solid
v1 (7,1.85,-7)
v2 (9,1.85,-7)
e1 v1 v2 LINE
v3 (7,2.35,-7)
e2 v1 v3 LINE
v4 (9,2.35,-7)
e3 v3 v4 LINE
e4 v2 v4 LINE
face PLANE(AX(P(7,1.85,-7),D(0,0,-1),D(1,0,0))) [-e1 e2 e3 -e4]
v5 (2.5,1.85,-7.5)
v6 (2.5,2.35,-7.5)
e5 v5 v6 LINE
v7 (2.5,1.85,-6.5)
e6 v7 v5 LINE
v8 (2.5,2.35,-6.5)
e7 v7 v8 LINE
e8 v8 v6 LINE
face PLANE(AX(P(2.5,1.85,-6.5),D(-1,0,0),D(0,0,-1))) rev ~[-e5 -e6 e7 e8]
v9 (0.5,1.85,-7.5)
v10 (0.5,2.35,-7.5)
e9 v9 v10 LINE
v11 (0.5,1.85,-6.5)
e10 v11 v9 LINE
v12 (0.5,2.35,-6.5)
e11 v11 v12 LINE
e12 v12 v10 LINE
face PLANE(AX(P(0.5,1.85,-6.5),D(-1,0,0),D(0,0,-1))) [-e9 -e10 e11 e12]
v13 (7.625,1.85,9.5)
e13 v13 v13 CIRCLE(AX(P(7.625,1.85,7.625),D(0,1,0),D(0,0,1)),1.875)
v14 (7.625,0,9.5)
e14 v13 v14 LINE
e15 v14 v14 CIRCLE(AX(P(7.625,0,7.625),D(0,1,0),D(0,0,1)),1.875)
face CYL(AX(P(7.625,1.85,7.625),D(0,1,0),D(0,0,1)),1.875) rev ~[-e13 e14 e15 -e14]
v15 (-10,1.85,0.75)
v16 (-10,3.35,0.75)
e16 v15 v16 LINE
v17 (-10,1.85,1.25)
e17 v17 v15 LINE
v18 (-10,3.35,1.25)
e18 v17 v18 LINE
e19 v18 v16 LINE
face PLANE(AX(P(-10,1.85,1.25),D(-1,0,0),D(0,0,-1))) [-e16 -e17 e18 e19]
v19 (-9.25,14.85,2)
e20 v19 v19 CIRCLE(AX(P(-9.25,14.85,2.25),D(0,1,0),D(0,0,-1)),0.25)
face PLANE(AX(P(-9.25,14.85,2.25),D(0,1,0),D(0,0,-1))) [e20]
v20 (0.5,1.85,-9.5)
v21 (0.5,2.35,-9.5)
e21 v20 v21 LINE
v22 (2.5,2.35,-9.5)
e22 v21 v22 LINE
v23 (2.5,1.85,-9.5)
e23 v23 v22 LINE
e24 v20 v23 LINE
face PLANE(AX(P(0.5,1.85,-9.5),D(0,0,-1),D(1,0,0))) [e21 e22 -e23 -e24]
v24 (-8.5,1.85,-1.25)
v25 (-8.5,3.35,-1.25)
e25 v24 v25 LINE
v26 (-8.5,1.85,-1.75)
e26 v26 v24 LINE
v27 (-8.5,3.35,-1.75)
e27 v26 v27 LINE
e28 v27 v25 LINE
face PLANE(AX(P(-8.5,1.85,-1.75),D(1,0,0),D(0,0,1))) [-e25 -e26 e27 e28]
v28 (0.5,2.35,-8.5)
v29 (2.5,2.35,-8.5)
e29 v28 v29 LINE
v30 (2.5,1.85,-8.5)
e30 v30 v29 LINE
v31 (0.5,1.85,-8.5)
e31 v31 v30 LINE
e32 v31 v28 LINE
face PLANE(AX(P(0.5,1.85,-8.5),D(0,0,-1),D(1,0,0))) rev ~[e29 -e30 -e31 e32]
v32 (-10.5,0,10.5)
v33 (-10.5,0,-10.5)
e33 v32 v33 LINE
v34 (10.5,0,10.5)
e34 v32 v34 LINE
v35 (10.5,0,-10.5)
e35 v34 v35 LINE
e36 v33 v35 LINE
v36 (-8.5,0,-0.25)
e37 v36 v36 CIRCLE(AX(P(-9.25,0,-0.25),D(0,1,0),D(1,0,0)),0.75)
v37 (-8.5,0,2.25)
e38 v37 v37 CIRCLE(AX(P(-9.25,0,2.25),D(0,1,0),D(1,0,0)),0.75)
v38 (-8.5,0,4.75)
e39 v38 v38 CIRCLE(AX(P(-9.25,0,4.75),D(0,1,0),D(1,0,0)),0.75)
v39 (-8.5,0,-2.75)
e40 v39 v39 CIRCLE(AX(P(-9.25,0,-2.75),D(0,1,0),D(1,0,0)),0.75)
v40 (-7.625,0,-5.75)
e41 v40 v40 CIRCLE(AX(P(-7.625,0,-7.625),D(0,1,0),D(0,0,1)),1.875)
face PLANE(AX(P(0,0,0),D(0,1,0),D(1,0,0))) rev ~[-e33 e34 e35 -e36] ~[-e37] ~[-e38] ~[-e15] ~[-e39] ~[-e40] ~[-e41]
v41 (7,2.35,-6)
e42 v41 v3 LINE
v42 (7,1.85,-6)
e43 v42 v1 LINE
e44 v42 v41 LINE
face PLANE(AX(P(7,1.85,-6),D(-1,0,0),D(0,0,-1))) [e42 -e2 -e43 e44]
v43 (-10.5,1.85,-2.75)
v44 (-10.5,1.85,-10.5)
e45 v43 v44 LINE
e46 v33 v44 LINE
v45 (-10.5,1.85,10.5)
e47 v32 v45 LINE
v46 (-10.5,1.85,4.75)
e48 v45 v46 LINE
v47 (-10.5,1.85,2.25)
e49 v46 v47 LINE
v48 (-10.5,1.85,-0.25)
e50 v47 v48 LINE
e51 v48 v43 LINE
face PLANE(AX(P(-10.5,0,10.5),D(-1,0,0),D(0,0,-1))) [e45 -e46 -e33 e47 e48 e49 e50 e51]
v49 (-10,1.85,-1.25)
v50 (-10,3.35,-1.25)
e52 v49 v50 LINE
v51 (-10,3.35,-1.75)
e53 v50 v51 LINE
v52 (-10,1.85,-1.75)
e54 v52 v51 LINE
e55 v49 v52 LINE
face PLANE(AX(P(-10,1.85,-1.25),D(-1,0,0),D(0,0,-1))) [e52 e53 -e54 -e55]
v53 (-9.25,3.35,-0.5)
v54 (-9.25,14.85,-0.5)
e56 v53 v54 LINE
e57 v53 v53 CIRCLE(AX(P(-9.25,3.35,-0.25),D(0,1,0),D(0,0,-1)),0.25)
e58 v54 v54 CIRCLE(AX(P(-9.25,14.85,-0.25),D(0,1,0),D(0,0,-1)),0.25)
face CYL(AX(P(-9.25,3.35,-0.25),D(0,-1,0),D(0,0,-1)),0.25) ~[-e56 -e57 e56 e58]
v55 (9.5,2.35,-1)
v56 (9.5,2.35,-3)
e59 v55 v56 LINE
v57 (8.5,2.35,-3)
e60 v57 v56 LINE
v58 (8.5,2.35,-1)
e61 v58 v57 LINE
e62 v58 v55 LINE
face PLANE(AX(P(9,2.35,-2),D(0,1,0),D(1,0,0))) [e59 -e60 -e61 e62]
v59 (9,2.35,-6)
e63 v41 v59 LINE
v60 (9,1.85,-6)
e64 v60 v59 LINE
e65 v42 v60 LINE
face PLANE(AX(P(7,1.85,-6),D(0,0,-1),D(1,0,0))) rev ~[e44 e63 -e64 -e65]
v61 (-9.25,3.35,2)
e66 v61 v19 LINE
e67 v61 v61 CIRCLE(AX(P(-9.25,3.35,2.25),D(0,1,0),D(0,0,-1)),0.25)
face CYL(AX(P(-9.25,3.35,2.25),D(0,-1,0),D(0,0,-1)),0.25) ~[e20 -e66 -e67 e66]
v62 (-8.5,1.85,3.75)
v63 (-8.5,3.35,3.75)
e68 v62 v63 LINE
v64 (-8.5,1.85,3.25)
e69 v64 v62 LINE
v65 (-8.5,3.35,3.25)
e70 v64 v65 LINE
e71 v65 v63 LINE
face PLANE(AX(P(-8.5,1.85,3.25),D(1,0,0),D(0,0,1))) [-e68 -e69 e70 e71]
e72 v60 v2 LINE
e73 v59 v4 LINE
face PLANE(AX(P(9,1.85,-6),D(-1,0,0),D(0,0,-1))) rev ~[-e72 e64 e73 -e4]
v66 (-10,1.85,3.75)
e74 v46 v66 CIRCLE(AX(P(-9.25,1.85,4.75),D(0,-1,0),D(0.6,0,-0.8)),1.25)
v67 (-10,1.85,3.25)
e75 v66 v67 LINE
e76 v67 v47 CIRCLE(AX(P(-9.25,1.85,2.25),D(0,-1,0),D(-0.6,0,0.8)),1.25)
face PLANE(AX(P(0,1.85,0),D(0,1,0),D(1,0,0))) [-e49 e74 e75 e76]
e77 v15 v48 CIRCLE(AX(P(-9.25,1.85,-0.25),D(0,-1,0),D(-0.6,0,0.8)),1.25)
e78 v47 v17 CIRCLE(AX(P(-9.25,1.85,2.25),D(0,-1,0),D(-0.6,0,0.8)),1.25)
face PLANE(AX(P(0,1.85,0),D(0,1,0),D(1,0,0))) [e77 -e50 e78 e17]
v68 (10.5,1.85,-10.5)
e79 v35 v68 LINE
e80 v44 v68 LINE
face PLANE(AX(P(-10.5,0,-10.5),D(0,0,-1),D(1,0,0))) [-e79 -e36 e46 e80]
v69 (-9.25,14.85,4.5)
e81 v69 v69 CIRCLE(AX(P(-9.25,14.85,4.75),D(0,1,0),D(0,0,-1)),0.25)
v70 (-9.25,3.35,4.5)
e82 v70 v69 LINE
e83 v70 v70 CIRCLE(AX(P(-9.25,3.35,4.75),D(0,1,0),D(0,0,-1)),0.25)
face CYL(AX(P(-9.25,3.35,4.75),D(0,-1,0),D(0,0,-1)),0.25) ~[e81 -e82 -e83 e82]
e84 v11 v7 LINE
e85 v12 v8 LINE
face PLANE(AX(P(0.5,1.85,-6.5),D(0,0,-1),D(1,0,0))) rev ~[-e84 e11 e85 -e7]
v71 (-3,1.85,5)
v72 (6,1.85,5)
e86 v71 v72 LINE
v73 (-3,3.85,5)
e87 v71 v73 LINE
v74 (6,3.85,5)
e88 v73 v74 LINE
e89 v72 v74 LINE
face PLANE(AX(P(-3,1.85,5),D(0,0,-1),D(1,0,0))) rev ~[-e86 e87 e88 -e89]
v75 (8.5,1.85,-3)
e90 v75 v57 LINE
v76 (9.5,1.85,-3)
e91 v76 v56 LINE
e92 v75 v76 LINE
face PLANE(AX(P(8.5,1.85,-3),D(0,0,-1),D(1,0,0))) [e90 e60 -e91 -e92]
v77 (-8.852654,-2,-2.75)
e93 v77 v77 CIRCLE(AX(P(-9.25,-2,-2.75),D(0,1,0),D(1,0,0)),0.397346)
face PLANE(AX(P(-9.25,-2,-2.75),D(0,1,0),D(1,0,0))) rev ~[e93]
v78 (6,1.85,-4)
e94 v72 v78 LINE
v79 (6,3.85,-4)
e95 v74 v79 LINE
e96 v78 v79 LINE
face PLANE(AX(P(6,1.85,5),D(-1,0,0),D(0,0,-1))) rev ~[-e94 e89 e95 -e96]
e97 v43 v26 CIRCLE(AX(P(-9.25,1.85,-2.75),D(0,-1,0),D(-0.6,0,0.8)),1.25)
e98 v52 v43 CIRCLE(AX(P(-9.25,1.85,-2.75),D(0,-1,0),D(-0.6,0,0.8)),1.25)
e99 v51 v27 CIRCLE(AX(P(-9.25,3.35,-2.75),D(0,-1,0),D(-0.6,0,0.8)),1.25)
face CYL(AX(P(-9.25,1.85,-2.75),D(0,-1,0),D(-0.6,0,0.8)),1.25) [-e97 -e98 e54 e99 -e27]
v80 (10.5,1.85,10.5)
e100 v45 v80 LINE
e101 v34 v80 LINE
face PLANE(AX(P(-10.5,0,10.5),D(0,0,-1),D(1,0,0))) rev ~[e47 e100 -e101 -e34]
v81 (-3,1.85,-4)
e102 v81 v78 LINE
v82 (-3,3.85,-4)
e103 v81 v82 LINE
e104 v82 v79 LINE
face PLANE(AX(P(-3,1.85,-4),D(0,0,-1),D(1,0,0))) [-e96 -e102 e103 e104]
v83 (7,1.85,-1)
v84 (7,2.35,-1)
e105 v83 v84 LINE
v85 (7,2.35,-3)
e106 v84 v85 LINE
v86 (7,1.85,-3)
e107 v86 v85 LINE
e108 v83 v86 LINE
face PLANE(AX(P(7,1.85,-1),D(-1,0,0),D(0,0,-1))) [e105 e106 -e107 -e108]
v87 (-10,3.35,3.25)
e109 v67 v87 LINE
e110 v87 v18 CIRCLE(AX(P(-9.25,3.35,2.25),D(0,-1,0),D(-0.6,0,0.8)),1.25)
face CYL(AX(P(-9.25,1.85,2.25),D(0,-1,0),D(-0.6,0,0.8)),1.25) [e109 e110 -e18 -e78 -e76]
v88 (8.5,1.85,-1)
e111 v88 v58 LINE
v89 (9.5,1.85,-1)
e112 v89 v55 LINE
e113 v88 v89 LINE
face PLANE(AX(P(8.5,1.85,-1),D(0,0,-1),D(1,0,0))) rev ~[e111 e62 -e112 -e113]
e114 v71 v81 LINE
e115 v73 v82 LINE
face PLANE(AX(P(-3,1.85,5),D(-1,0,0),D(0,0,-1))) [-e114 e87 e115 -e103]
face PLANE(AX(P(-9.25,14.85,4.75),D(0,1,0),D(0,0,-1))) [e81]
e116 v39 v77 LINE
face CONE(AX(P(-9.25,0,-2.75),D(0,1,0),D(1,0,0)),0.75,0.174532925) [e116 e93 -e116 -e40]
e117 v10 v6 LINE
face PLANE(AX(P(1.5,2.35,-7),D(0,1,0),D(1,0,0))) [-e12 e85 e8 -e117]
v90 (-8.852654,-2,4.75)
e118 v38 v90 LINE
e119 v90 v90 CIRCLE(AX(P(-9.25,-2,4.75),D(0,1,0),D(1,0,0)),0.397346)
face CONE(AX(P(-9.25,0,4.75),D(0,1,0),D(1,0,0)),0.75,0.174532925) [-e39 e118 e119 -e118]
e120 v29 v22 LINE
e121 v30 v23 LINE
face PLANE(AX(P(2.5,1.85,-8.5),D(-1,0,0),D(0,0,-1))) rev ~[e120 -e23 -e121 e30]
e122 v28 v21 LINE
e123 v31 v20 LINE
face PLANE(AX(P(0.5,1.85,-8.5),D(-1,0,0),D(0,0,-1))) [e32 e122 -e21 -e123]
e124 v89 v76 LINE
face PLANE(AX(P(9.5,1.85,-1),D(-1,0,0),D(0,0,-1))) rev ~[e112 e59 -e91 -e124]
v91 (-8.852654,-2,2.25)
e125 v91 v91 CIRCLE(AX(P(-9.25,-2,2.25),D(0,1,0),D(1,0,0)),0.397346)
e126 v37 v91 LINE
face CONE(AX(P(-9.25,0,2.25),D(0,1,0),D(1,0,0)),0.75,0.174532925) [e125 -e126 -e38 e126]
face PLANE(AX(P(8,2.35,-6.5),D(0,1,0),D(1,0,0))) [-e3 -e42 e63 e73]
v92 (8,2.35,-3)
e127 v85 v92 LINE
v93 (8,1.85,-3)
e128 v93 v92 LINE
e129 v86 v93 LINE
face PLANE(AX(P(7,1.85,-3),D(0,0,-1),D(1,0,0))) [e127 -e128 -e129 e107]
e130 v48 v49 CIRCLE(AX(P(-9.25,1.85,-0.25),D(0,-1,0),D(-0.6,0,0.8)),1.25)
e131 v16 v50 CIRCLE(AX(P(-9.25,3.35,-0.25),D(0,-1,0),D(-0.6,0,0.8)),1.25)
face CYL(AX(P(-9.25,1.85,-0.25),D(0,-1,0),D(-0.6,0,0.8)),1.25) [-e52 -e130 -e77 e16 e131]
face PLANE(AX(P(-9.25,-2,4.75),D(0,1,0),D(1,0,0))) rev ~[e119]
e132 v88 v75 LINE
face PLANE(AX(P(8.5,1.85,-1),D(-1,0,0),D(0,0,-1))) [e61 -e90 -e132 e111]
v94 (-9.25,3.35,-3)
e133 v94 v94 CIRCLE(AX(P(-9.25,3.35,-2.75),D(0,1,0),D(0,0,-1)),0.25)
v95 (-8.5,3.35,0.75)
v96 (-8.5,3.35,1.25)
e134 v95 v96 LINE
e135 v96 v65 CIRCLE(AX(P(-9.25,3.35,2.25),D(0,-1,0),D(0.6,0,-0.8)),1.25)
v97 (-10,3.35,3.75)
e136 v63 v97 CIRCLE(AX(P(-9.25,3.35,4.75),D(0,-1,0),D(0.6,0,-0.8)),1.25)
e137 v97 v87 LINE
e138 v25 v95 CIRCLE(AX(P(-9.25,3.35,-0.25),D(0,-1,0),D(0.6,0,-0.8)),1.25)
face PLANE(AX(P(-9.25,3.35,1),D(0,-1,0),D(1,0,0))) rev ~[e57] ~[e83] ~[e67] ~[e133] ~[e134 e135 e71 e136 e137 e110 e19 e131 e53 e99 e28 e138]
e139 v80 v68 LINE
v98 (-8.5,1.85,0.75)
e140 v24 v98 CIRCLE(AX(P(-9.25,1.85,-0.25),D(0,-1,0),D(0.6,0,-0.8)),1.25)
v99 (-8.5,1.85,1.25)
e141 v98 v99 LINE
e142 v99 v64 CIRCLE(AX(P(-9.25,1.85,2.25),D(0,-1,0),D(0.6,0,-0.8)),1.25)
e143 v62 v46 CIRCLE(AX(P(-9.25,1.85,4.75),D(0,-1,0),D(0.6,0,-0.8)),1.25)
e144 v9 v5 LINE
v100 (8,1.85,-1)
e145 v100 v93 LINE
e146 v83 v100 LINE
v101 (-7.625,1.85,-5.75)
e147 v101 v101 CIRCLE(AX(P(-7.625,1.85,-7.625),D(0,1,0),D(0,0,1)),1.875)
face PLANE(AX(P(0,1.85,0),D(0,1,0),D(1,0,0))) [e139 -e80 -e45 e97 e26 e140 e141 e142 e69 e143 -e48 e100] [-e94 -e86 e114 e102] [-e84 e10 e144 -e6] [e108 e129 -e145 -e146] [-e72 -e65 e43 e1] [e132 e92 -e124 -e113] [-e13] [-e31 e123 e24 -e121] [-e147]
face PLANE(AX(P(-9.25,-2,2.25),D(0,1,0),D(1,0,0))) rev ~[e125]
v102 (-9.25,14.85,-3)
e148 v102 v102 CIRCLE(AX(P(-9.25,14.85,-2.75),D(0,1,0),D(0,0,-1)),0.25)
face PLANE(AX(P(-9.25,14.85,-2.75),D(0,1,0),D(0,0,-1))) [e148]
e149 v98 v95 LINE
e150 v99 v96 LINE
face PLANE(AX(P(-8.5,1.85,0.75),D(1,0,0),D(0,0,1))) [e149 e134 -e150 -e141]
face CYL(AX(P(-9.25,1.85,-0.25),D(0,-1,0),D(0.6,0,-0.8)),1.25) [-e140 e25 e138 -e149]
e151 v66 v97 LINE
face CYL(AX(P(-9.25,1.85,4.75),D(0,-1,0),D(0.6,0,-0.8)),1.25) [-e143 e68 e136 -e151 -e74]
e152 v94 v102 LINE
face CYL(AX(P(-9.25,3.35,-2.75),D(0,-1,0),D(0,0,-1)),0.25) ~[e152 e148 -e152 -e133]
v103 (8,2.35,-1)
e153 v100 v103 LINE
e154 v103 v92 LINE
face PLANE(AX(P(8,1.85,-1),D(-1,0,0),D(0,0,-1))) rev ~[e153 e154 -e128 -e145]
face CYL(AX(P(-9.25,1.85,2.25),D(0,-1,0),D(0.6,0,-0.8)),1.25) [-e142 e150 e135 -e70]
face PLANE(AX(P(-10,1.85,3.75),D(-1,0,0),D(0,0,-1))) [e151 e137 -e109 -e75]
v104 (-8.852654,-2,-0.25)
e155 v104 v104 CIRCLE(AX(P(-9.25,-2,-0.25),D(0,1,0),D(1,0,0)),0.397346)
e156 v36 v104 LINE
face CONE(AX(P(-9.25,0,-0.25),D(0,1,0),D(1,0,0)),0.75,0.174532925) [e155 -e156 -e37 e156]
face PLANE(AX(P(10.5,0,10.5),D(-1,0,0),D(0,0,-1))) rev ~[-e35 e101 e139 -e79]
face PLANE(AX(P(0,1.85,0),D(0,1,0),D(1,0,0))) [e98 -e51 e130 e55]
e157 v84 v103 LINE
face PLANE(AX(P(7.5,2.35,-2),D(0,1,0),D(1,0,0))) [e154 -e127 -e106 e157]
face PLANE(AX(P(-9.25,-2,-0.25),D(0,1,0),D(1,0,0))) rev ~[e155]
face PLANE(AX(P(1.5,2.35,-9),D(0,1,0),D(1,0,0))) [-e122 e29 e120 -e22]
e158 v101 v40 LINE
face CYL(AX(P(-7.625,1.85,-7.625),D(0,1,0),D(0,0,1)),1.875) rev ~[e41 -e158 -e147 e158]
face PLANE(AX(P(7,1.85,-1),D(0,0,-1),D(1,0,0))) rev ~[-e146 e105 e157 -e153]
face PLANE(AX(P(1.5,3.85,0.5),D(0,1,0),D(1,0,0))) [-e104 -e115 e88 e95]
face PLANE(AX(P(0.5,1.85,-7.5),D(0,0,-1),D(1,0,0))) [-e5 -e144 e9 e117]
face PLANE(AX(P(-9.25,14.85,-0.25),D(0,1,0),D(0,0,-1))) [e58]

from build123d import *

# Parameters (mm, degrees)
SKETCH1_W                     = 21
SKETCH1_H                     = 21
BOSS_EXTRUDE1_DEPTH           = 1.85
SKETCH2_W                     = 9
SKETCH2_H                     = 9
BOSS_EXTRUDE2_DEPTH           = 2
SKETCH3_R                     = 1.875
CUT_EXTRUDE1_DEPTH            = 1.85
SKETCH4_W                     = 2
SKETCH4_H                     = 1
SKETCH4_W_2                   = 1
SKETCH4_H_2                   = 2
BOSS_EXTRUDE3_DEPTH           = 0.5
SKETCH5_R                     = 0.75
BOSS_EXTRUDE4_DEPTH           = 2
BOSS_EXTRUDE4_DRAFT           = -10
BOSS_EXTRUDE4_PROFILE_2_DEPTH = 2
BOSS_EXTRUDE4_PROFILE_2_DRAFT = -10
BOSS_EXTRUDE4_PROFILE_3_DEPTH = 2
BOSS_EXTRUDE4_PROFILE_3_DRAFT = -10
BOSS_EXTRUDE4_PROFILE_4_DEPTH = 2
BOSS_EXTRUDE4_PROFILE_4_DRAFT = -10
BOSS_EXTRUDE5_DEPTH           = 1.5
SKETCH7_R                     = 0.25
BOSS_EXTRUDE6_DEPTH           = 11.5


with BuildPart() as part:
    # Sketch1 → Boss-Extrude1 (new body)
    with BuildSketch(Plane(origin=(0, 0, 0), x_dir=(1, 0, 0), z_dir=(0, 1, 0))):
        Rectangle(SKETCH1_W, SKETCH1_H)
    extrude(amount=BOSS_EXTRUDE1_DEPTH)

    # Sketch2 → Boss-Extrude2 (add)
    with BuildSketch(Plane(origin=(0, 1.85, 0), x_dir=(1, 0, 0), z_dir=(0, 1, 0))):
        with Locations((1.5, -0.5)):
            Rectangle(SKETCH2_W, SKETCH2_H)
    extrude(amount=BOSS_EXTRUDE2_DEPTH)

    # Sketch3 → Cut-Extrude1 (cut)
    with BuildSketch(Plane(origin=(0, 1.85, 0), x_dir=(1, 0, 0), z_dir=(0, 1, 0))):
        with Locations(Location((7.625, -7.625, 0), (0, 0, 270))):
            Circle(SKETCH3_R)
        with Locations(Location((-7.625, 7.625, 0), (0, 0, 270))):
            Circle(SKETCH3_R)
    extrude(amount=-CUT_EXTRUDE1_DEPTH, mode=Mode.SUBTRACT)

    # Sketch4 → Boss-Extrude3 (add)
    with BuildSketch(Plane(origin=(0, 1.85, 0), x_dir=(1, 0, 0), z_dir=(0, 1, 0))):
        with Locations((1.5, 9)):
            Rectangle(SKETCH4_W, SKETCH4_H)
        with Locations((1.5, 7)):
            Rectangle(SKETCH4_W, SKETCH4_H)
        with Locations((8, 6.5)):
            Rectangle(SKETCH4_W, SKETCH4_H)
        with Locations((7.5, 2)):
            Rectangle(SKETCH4_W_2, SKETCH4_H_2)
        with Locations((9, 2)):
            Rectangle(SKETCH4_W_2, SKETCH4_H_2)
    extrude(amount=BOSS_EXTRUDE3_DEPTH)


with BuildPart() as boss_extrude4_tool:
    # Sketch5 → Boss-Extrude4 (with draft: the straight prism first)
    with BuildSketch(Plane(origin=(0, 0, 0), x_dir=(1, 0, 0), z_dir=(0, 1, 0))):
        with Locations((-9.25, 2.75)):
            Circle(SKETCH5_R)
    extrude(amount=-BOSS_EXTRUDE4_DEPTH)
    # Boss-Extrude4: the draft: its side faces are tilted about the plane it starts from
    boss_extrude4_sides = [boss_extrude4_tool.faces().sort_by_distance(p)[0] for p in [
        (-10, -1, -2.75),
    ]]
    draft(boss_extrude4_sides, Plane(origin=(0, 0, 0), x_dir=(1, 0, 0), z_dir=(0, 1, 0)), BOSS_EXTRUDE4_DRAFT)


with BuildPart() as part_1:
    add(part.part)

    # Boss-Extrude4: add boss_extrude4_tool
    add(boss_extrude4_tool.part)


with BuildPart() as boss_extrude4_profile_2_tool:
    # Sketch5 → Boss-Extrude4 profile 2 (with draft: the straight prism first)
    with BuildSketch(Plane(origin=(0, 0, 0), x_dir=(1, 0, 0), z_dir=(0, 1, 0))):
        with Locations((-9.25, 0.25)):
            Circle(SKETCH5_R)
    extrude(amount=-BOSS_EXTRUDE4_PROFILE_2_DEPTH)
    # Boss-Extrude4 profile 2: the draft: its side faces are tilted about the plane it starts from
    boss_extrude4_profile_2_sides = [boss_extrude4_profile_2_tool.faces().sort_by_distance(p)[0] for p in [
        (-10, -1, -0.25),
    ]]
    draft(boss_extrude4_profile_2_sides, Plane(origin=(0, 0, 0), x_dir=(1, 0, 0), z_dir=(0, 1, 0)), BOSS_EXTRUDE4_PROFILE_2_DRAFT)


with BuildPart() as part_2:
    add(part_1.part)

    # Boss-Extrude4 profile 2: add boss_extrude4_profile_2_tool
    add(boss_extrude4_profile_2_tool.part)


with BuildPart() as boss_extrude4_profile_3_tool:
    # Sketch5 → Boss-Extrude4 profile 3 (with draft: the straight prism first)
    with BuildSketch(Plane(origin=(0, 0, 0), x_dir=(1, 0, 0), z_dir=(0, 1, 0))):
        with Locations((-9.25, -2.25)):
            Circle(SKETCH5_R)
    extrude(amount=-BOSS_EXTRUDE4_PROFILE_3_DEPTH)
    # Boss-Extrude4 profile 3: the draft: its side faces are tilted about the plane it starts from
    boss_extrude4_profile_3_sides = [boss_extrude4_profile_3_tool.faces().sort_by_distance(p)[0] for p in [
        (-10, -1, 2.25),
    ]]
    draft(boss_extrude4_profile_3_sides, Plane(origin=(0, 0, 0), x_dir=(1, 0, 0), z_dir=(0, 1, 0)), BOSS_EXTRUDE4_PROFILE_3_DRAFT)


with BuildPart() as part_3:
    add(part_2.part)

    # Boss-Extrude4 profile 3: add boss_extrude4_profile_3_tool
    add(boss_extrude4_profile_3_tool.part)


with BuildPart() as boss_extrude4_profile_4_tool:
    # Sketch5 → Boss-Extrude4 profile 4 (with draft: the straight prism first)
    with BuildSketch(Plane(origin=(0, 0, 0), x_dir=(1, 0, 0), z_dir=(0, 1, 0))):
        with Locations((-9.25, -4.75)):
            Circle(SKETCH5_R)
    extrude(amount=-BOSS_EXTRUDE4_PROFILE_4_DEPTH)
    # Boss-Extrude4 profile 4: the draft: its side faces are tilted about the plane it starts from
    boss_extrude4_profile_4_sides = [boss_extrude4_profile_4_tool.faces().sort_by_distance(p)[0] for p in [
        (-10, -1, 4.75),
    ]]
    draft(boss_extrude4_profile_4_sides, Plane(origin=(0, 0, 0), x_dir=(1, 0, 0), z_dir=(0, 1, 0)), BOSS_EXTRUDE4_PROFILE_4_DRAFT)


with BuildPart() as part_4:
    add(part_3.part)

    # Boss-Extrude4 profile 4: add boss_extrude4_profile_4_tool
    add(boss_extrude4_profile_4_tool.part)

    # Sketch6 → Boss-Extrude5 (add)
    with BuildSketch(Plane.XZ.offset(-1.85)):
        with BuildLine():
            Line((-10, -1.25), (-10, -1.75))
            ThreePointArc((-10, -1.75), (-9.25, -4), (-8.5, -1.75))
            Line((-8.5, -1.75), (-8.5, -1.25))
            ThreePointArc((-8.5, -1.25), (-8, -0.25), (-8.5, 0.75))
            Line((-8.5, 0.75), (-8.5, 1.25))
            ThreePointArc((-8.5, 1.25), (-8, 2.25), (-8.5, 3.25))
            Line((-8.5, 3.25), (-8.5, 3.75))
            ThreePointArc((-8.5, 3.75), (-9.25, 6), (-10, 3.75))
            Line((-10, 3.75), (-10, 3.25))
            ThreePointArc((-10, 3.25), (-10.5, 2.25), (-10, 1.25))
            Line((-10, 1.25), (-10, 0.75))
            ThreePointArc((-10, 0.75), (-10.5, -0.25), (-10, -1.25))
        make_face()
    extrude(amount=-BOSS_EXTRUDE5_DEPTH)

    # Sketch7 → Boss-Extrude6 (add)
    with BuildSketch(Plane(origin=(0, 3.35, 0), x_dir=(-1, 0, 0), z_dir=(0, 1, 0))):
        with Locations(Location((9.25, -2.75, 0), (0, 0, 270))):
            Circle(SKETCH7_R)
        with Locations(Location((9.25, -0.25, 0), (0, 0, 270))):
            Circle(SKETCH7_R)
        with Locations(Location((9.25, 2.25, 0), (0, 0, 270))):
            Circle(SKETCH7_R)
        with Locations(Location((9.25, 4.75, 0), (0, 0, 270))):
            Circle(SKETCH7_R)
    extrude(amount=BOSS_EXTRUDE6_DEPTH)


solid = part_4.part
